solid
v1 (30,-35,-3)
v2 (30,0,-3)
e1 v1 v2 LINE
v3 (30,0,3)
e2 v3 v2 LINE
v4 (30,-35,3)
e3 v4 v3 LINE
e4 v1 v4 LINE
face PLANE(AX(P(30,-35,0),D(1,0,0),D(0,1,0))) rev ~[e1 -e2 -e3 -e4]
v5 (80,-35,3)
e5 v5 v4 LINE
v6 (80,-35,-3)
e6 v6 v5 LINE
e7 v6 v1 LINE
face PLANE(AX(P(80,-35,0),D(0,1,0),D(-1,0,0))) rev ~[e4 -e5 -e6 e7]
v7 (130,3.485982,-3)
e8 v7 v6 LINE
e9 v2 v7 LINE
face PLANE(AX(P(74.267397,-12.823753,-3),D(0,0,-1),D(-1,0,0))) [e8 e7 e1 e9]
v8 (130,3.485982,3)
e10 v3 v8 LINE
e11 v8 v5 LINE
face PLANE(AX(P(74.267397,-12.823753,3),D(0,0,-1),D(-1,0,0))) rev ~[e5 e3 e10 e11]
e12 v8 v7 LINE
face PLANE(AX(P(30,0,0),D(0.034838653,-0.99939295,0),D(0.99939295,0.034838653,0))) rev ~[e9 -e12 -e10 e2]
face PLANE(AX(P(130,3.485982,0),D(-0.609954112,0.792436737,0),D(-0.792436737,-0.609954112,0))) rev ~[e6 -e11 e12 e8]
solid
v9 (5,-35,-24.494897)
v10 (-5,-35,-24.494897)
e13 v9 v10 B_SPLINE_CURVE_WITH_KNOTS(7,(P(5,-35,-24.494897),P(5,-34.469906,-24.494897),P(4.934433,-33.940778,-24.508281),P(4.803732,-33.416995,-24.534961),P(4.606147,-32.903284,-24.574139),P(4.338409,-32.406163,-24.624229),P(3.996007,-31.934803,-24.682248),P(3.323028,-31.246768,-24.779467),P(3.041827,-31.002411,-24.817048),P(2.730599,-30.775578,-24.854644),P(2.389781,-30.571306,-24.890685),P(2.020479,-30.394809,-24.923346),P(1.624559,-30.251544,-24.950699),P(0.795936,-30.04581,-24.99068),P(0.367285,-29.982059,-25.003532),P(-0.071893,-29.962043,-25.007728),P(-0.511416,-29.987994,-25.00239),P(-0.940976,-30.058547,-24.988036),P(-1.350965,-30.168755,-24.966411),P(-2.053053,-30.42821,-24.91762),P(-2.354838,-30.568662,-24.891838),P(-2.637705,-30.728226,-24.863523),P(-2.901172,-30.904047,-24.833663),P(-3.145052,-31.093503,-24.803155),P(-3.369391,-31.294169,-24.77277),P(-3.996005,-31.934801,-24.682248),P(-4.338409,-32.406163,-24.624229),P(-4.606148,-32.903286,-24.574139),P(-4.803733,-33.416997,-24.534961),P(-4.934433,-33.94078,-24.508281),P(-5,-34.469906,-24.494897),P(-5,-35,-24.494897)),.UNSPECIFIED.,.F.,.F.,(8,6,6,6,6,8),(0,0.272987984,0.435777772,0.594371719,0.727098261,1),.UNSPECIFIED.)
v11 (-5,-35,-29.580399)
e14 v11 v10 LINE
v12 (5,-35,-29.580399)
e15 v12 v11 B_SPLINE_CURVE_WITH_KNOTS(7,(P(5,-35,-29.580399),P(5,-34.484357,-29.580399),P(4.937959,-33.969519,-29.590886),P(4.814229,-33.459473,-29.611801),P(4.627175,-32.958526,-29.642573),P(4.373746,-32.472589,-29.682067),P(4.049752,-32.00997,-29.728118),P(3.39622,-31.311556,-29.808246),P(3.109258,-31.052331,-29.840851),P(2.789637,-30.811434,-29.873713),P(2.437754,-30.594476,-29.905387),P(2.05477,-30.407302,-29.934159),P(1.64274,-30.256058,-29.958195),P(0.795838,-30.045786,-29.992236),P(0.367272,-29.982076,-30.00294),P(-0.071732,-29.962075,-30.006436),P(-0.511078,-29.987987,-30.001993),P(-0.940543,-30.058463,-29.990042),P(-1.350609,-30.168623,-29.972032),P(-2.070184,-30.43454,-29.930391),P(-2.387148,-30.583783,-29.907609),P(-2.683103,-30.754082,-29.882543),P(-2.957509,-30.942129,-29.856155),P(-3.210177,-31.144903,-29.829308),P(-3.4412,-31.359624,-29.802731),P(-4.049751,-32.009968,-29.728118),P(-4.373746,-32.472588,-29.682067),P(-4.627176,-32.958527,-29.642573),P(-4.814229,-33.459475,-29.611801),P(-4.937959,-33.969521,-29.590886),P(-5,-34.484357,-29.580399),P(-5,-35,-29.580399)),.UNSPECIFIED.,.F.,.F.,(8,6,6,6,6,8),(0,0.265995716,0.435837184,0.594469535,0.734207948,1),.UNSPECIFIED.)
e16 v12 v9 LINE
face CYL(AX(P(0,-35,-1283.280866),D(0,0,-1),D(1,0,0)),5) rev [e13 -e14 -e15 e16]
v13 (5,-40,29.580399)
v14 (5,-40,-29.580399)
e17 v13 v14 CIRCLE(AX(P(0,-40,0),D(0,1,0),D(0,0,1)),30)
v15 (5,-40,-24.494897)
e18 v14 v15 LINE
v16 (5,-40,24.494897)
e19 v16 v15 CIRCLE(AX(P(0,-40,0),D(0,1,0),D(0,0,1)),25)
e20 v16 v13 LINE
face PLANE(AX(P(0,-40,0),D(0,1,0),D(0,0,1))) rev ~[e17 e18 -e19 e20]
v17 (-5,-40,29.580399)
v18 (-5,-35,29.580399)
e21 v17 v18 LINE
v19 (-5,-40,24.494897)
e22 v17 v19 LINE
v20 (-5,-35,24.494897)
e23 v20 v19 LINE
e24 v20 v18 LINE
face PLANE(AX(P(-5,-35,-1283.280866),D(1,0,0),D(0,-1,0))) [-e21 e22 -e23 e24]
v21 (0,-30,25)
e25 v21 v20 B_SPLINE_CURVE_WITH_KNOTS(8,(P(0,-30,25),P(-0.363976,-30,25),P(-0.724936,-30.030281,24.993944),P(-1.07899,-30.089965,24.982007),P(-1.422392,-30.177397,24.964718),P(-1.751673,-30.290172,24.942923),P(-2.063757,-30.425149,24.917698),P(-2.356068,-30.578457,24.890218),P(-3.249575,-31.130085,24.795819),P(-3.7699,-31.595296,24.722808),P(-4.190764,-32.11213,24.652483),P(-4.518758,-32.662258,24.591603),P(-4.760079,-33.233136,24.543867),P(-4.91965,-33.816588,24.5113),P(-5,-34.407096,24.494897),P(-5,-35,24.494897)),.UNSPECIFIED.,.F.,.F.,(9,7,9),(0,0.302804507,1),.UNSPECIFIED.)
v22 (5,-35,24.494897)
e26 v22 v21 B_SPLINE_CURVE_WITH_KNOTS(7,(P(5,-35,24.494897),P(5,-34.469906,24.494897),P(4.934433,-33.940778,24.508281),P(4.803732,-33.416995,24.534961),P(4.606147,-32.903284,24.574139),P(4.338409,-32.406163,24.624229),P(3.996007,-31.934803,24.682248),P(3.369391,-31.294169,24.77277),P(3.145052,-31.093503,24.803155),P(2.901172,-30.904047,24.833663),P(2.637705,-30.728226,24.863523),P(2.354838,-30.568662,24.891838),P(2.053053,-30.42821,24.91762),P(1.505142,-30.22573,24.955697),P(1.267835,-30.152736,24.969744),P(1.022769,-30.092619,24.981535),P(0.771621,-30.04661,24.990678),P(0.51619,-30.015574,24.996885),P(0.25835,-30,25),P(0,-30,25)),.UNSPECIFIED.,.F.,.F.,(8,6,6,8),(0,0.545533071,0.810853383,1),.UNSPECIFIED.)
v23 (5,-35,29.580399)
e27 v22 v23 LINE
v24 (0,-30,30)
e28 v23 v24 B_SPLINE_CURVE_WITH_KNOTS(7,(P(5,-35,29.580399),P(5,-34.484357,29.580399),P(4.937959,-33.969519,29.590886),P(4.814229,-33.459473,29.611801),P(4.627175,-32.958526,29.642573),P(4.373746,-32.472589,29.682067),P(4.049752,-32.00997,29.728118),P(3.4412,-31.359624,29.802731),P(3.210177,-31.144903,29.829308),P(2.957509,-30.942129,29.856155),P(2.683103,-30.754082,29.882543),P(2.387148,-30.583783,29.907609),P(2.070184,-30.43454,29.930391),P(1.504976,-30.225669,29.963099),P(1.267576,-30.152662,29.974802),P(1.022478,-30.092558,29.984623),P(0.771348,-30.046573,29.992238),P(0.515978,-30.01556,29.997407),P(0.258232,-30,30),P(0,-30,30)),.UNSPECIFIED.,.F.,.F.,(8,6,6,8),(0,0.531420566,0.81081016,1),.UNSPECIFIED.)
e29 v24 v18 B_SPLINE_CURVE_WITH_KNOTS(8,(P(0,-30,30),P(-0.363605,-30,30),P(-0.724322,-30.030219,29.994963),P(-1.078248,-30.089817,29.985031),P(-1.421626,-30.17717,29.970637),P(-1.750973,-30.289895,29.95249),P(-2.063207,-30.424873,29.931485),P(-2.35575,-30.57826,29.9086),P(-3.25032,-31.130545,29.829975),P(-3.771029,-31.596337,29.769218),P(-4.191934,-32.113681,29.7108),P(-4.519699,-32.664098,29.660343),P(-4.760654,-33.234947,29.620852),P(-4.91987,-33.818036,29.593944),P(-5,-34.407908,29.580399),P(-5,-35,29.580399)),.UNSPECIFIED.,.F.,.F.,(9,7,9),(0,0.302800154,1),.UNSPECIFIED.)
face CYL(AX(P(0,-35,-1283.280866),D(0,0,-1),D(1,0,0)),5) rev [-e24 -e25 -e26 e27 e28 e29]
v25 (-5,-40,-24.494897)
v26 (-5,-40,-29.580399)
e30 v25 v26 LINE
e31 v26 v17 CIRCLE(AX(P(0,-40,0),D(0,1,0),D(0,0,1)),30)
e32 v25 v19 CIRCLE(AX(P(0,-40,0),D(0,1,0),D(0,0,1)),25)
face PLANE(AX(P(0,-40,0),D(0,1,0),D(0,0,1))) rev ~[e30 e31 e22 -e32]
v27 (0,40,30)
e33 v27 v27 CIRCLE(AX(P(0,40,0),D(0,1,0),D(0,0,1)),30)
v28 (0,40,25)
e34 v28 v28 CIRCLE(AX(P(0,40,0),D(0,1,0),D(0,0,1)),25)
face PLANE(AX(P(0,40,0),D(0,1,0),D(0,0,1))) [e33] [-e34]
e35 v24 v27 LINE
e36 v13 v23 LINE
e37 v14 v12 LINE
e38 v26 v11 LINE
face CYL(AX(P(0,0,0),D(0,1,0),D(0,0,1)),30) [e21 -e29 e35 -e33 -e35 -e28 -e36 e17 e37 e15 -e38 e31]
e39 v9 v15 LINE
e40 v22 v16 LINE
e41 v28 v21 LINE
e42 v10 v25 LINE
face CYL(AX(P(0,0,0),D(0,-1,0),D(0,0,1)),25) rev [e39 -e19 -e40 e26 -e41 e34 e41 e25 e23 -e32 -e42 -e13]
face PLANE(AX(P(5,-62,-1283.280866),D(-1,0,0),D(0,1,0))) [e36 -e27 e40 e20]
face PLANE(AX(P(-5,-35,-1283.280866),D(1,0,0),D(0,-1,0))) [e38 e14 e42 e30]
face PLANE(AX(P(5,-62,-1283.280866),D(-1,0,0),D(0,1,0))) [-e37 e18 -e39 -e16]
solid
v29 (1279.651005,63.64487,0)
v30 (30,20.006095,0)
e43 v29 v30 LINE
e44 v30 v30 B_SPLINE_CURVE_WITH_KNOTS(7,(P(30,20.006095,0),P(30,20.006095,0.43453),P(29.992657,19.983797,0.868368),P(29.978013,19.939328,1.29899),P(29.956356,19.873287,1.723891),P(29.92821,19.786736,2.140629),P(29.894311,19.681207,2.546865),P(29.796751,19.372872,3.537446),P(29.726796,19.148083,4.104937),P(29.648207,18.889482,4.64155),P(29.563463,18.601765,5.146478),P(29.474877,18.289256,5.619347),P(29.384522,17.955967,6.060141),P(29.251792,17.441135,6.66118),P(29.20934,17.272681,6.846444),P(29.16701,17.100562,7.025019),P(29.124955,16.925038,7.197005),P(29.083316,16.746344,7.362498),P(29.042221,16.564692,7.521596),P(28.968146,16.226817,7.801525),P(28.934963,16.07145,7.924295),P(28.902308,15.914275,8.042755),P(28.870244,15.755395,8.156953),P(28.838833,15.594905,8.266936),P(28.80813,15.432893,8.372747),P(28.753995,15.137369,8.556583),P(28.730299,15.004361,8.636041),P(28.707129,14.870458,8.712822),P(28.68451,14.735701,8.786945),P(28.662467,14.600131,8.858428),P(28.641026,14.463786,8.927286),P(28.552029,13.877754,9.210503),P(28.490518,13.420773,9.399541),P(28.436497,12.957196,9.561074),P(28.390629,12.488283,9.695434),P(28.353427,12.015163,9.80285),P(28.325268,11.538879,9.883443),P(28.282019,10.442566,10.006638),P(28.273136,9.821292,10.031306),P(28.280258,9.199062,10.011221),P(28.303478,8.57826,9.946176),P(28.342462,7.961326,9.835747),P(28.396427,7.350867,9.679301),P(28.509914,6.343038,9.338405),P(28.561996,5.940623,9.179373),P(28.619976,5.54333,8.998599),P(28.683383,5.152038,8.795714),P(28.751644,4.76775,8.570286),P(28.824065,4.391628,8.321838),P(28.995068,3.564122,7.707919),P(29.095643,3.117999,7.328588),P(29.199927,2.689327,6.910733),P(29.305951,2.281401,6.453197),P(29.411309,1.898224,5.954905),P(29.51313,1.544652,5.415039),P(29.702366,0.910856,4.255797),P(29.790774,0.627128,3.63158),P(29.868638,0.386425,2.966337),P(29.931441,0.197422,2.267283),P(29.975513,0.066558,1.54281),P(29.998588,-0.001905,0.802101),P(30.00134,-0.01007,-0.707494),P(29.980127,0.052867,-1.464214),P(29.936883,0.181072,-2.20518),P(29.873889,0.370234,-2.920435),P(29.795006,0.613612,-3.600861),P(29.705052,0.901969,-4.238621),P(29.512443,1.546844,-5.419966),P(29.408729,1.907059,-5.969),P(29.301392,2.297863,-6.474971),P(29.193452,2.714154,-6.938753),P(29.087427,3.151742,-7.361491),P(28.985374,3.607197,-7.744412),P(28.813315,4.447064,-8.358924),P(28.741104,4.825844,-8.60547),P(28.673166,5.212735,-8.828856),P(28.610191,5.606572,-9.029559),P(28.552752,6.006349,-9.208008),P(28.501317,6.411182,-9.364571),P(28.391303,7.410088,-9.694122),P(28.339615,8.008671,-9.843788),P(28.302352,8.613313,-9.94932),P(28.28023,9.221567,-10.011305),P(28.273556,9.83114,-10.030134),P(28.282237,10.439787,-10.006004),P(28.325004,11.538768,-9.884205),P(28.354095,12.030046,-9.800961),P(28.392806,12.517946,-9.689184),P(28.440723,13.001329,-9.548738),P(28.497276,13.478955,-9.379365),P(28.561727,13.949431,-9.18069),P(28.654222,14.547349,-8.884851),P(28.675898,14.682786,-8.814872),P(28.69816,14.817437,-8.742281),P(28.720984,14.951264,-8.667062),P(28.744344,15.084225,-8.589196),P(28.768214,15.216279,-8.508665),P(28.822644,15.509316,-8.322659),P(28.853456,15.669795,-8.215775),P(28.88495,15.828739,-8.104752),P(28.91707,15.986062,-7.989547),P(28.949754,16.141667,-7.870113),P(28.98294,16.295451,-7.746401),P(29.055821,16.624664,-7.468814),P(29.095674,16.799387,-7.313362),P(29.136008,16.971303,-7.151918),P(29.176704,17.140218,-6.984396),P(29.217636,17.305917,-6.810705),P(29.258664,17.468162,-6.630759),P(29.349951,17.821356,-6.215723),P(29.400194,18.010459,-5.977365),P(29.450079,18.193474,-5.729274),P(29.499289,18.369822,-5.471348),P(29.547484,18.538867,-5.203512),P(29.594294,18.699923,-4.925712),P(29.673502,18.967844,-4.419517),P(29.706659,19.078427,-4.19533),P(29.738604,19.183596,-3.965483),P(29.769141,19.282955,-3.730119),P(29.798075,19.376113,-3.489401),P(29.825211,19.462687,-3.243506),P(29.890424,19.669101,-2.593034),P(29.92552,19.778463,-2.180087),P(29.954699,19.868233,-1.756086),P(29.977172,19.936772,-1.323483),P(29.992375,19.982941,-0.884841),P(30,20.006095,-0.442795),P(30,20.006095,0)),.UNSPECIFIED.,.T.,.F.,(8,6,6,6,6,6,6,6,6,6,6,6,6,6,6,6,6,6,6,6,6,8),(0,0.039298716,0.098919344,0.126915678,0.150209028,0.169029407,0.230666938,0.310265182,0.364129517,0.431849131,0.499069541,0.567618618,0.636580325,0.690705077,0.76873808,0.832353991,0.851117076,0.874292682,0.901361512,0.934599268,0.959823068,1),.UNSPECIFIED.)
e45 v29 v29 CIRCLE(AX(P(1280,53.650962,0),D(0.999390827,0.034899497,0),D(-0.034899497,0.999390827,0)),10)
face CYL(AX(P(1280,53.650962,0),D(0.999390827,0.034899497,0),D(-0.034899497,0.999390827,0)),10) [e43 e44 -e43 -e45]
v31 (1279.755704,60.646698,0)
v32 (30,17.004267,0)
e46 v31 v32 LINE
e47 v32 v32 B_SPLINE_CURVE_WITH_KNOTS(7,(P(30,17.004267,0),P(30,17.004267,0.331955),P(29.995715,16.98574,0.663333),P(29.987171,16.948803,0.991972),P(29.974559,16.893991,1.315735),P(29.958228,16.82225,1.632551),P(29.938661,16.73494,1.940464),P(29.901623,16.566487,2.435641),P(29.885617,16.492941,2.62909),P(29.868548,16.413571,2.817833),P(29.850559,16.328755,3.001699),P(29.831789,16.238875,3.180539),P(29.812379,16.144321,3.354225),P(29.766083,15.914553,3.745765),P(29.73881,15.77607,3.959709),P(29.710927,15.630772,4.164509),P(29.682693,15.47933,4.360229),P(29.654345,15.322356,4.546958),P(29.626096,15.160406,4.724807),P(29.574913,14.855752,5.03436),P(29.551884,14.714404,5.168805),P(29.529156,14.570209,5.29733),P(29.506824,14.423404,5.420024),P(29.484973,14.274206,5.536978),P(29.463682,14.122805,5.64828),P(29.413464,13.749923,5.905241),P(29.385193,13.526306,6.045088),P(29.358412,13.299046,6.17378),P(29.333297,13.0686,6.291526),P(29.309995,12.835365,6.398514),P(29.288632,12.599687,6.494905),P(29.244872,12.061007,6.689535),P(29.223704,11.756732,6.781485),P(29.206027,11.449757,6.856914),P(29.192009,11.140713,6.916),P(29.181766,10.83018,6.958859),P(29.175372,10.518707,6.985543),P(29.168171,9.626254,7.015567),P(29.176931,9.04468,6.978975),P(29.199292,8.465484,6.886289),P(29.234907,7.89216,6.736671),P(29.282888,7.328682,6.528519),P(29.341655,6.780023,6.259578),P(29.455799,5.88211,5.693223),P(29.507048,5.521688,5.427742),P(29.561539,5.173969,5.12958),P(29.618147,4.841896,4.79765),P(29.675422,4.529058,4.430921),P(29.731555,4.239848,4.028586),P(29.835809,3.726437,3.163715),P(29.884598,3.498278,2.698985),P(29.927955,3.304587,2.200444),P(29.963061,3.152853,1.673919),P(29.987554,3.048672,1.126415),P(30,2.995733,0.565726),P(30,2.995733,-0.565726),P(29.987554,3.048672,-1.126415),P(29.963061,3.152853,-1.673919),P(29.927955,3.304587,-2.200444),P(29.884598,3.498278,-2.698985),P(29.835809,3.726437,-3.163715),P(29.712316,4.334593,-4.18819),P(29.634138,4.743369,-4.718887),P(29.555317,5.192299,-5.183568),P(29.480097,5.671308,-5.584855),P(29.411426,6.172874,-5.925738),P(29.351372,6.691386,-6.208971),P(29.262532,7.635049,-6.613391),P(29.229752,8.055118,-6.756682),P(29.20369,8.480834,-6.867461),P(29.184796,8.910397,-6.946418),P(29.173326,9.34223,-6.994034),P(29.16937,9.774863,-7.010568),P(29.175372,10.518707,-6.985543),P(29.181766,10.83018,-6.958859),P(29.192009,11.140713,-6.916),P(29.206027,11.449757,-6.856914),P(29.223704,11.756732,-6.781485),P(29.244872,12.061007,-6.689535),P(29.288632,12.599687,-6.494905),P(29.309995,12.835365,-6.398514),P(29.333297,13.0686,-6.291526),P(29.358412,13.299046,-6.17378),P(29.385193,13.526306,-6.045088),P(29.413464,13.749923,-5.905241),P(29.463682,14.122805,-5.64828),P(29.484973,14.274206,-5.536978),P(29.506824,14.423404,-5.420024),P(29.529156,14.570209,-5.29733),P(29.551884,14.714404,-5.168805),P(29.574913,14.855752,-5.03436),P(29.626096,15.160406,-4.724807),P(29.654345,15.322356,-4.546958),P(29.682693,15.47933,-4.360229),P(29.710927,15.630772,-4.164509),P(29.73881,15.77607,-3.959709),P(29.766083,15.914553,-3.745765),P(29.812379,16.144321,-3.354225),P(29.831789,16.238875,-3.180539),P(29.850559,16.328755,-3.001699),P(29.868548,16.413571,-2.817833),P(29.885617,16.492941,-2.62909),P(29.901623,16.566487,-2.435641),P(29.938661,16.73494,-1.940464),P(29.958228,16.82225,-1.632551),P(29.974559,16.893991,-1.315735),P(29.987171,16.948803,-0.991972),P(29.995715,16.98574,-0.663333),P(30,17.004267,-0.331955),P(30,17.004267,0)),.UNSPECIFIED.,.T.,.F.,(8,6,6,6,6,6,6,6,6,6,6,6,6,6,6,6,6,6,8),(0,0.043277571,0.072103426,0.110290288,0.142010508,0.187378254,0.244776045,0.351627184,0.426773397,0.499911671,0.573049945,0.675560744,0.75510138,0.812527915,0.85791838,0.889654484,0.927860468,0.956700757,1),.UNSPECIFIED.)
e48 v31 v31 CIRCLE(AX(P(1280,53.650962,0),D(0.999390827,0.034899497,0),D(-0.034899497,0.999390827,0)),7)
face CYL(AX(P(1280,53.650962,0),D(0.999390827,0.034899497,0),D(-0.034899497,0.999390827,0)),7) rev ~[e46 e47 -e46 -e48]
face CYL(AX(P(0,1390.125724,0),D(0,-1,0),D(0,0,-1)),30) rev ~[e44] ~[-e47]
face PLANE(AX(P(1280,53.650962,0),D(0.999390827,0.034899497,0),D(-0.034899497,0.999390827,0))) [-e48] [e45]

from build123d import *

# Parameters (mm, degrees)
SKETCH_1_R               = 30
SKETCH_1_R_2             = 25
EXTRUDE_1_DEPTH          = 40
EXTRUDE_2_REACH          = 1315.686
EXTRUDE_2_END_RADIUS     = 30
SKETCH_3_R               = 10
SKETCH_3_R_2             = 7
EXTRUDE_3_DEPTH          = 3
CUT_EXTRUDE_1_DEPTH      = 1283.280865753
CUT_EXTRUDE_1_DEPTH_BACK = 1283.280865753


with BuildPart() as part:
    # Эскиз1 → Бобышка-Вытянуть1 (new, symmetric)
    with BuildSketch(Plane(origin=(0, 0, 0), x_dir=(1, 0, 0), z_dir=(0, 1, 0))):
        with Locations(Location((0, 0, 0), (0, 0, 270))):
            Circle(SKETCH_1_R)
        with Locations(Location((0, 0, 0), (0, 0, 270))):
            Circle(SKETCH_1_R_2, mode=Mode.SUBTRACT)
    extrude(amount=EXTRUDE_1_DEPTH, both=True)

    # Эскиз5 → Вырез-Вытянуть1 (cut, two sides: drawn at the far end of the back side and taken through both)
    with BuildSketch(Plane.XY.offset(-CUT_EXTRUDE_1_DEPTH_BACK)):
        with BuildLine():
            Line((-5, -35), (-5, -62))
            Line((-5, -62), (5, -62))
            Line((5, -62), (5, -35))
            ThreePointArc((5, -35), (0, -30), (-5, -35))
        make_face()
    extrude(amount=CUT_EXTRUDE_1_DEPTH + CUT_EXTRUDE_1_DEPTH_BACK, mode=Mode.SUBTRACT)


with BuildPart() as body_2:
    # Бобышка-Вытянуть2: up to this cylinder (the profile starts outside it)
    extrude_2_end = Plane(origin=(0, 43.939724, 0), z_dir=(0, -1, 0)) * Cylinder(EXTRUDE_2_END_RADIUS, 2692.372, mode=Mode.PRIVATE)
    # Эскиз3 → Бобышка-Вытянуть2 (new, up to the surface)
    with BuildSketch(Plane(origin=(1280, 53.650961865, 0), x_dir=(0, 0, -1), z_dir=(0.999390827019096, 0.03489949670249754, 0)), mode=Mode.PRIVATE) as extrude_2_sk1:
        with Locations(Location((0, 0, 0), (0, 0, 90))):
            Circle(SKETCH_3_R)
        with Locations(Location((0, 0, 0), (0, 0, 90))):
            Circle(SKETCH_3_R_2, mode=Mode.SUBTRACT)
    extrude_2_tool1 = extrude(extrude_2_sk1.sketch, amount=-EXTRUDE_2_REACH, mode=Mode.PRIVATE) - extrude_2_end
    add(extrude_2_tool1.solids().sort_by_distance((1280.339124, 43.939724, 0))[0])


with BuildPart() as body_3:
    # Эскиз4 → Бобышка-Вытянуть3 (new, symmetric)
    with BuildSketch(Plane.XY):
        Polygon((30, -35), (30, 0), (130, 3.485981506), (80, -35), align=None)
    extrude(amount=EXTRUDE_3_DEPTH, both=True)


solid = Compound([part.part, body_2.part, body_3.part])
